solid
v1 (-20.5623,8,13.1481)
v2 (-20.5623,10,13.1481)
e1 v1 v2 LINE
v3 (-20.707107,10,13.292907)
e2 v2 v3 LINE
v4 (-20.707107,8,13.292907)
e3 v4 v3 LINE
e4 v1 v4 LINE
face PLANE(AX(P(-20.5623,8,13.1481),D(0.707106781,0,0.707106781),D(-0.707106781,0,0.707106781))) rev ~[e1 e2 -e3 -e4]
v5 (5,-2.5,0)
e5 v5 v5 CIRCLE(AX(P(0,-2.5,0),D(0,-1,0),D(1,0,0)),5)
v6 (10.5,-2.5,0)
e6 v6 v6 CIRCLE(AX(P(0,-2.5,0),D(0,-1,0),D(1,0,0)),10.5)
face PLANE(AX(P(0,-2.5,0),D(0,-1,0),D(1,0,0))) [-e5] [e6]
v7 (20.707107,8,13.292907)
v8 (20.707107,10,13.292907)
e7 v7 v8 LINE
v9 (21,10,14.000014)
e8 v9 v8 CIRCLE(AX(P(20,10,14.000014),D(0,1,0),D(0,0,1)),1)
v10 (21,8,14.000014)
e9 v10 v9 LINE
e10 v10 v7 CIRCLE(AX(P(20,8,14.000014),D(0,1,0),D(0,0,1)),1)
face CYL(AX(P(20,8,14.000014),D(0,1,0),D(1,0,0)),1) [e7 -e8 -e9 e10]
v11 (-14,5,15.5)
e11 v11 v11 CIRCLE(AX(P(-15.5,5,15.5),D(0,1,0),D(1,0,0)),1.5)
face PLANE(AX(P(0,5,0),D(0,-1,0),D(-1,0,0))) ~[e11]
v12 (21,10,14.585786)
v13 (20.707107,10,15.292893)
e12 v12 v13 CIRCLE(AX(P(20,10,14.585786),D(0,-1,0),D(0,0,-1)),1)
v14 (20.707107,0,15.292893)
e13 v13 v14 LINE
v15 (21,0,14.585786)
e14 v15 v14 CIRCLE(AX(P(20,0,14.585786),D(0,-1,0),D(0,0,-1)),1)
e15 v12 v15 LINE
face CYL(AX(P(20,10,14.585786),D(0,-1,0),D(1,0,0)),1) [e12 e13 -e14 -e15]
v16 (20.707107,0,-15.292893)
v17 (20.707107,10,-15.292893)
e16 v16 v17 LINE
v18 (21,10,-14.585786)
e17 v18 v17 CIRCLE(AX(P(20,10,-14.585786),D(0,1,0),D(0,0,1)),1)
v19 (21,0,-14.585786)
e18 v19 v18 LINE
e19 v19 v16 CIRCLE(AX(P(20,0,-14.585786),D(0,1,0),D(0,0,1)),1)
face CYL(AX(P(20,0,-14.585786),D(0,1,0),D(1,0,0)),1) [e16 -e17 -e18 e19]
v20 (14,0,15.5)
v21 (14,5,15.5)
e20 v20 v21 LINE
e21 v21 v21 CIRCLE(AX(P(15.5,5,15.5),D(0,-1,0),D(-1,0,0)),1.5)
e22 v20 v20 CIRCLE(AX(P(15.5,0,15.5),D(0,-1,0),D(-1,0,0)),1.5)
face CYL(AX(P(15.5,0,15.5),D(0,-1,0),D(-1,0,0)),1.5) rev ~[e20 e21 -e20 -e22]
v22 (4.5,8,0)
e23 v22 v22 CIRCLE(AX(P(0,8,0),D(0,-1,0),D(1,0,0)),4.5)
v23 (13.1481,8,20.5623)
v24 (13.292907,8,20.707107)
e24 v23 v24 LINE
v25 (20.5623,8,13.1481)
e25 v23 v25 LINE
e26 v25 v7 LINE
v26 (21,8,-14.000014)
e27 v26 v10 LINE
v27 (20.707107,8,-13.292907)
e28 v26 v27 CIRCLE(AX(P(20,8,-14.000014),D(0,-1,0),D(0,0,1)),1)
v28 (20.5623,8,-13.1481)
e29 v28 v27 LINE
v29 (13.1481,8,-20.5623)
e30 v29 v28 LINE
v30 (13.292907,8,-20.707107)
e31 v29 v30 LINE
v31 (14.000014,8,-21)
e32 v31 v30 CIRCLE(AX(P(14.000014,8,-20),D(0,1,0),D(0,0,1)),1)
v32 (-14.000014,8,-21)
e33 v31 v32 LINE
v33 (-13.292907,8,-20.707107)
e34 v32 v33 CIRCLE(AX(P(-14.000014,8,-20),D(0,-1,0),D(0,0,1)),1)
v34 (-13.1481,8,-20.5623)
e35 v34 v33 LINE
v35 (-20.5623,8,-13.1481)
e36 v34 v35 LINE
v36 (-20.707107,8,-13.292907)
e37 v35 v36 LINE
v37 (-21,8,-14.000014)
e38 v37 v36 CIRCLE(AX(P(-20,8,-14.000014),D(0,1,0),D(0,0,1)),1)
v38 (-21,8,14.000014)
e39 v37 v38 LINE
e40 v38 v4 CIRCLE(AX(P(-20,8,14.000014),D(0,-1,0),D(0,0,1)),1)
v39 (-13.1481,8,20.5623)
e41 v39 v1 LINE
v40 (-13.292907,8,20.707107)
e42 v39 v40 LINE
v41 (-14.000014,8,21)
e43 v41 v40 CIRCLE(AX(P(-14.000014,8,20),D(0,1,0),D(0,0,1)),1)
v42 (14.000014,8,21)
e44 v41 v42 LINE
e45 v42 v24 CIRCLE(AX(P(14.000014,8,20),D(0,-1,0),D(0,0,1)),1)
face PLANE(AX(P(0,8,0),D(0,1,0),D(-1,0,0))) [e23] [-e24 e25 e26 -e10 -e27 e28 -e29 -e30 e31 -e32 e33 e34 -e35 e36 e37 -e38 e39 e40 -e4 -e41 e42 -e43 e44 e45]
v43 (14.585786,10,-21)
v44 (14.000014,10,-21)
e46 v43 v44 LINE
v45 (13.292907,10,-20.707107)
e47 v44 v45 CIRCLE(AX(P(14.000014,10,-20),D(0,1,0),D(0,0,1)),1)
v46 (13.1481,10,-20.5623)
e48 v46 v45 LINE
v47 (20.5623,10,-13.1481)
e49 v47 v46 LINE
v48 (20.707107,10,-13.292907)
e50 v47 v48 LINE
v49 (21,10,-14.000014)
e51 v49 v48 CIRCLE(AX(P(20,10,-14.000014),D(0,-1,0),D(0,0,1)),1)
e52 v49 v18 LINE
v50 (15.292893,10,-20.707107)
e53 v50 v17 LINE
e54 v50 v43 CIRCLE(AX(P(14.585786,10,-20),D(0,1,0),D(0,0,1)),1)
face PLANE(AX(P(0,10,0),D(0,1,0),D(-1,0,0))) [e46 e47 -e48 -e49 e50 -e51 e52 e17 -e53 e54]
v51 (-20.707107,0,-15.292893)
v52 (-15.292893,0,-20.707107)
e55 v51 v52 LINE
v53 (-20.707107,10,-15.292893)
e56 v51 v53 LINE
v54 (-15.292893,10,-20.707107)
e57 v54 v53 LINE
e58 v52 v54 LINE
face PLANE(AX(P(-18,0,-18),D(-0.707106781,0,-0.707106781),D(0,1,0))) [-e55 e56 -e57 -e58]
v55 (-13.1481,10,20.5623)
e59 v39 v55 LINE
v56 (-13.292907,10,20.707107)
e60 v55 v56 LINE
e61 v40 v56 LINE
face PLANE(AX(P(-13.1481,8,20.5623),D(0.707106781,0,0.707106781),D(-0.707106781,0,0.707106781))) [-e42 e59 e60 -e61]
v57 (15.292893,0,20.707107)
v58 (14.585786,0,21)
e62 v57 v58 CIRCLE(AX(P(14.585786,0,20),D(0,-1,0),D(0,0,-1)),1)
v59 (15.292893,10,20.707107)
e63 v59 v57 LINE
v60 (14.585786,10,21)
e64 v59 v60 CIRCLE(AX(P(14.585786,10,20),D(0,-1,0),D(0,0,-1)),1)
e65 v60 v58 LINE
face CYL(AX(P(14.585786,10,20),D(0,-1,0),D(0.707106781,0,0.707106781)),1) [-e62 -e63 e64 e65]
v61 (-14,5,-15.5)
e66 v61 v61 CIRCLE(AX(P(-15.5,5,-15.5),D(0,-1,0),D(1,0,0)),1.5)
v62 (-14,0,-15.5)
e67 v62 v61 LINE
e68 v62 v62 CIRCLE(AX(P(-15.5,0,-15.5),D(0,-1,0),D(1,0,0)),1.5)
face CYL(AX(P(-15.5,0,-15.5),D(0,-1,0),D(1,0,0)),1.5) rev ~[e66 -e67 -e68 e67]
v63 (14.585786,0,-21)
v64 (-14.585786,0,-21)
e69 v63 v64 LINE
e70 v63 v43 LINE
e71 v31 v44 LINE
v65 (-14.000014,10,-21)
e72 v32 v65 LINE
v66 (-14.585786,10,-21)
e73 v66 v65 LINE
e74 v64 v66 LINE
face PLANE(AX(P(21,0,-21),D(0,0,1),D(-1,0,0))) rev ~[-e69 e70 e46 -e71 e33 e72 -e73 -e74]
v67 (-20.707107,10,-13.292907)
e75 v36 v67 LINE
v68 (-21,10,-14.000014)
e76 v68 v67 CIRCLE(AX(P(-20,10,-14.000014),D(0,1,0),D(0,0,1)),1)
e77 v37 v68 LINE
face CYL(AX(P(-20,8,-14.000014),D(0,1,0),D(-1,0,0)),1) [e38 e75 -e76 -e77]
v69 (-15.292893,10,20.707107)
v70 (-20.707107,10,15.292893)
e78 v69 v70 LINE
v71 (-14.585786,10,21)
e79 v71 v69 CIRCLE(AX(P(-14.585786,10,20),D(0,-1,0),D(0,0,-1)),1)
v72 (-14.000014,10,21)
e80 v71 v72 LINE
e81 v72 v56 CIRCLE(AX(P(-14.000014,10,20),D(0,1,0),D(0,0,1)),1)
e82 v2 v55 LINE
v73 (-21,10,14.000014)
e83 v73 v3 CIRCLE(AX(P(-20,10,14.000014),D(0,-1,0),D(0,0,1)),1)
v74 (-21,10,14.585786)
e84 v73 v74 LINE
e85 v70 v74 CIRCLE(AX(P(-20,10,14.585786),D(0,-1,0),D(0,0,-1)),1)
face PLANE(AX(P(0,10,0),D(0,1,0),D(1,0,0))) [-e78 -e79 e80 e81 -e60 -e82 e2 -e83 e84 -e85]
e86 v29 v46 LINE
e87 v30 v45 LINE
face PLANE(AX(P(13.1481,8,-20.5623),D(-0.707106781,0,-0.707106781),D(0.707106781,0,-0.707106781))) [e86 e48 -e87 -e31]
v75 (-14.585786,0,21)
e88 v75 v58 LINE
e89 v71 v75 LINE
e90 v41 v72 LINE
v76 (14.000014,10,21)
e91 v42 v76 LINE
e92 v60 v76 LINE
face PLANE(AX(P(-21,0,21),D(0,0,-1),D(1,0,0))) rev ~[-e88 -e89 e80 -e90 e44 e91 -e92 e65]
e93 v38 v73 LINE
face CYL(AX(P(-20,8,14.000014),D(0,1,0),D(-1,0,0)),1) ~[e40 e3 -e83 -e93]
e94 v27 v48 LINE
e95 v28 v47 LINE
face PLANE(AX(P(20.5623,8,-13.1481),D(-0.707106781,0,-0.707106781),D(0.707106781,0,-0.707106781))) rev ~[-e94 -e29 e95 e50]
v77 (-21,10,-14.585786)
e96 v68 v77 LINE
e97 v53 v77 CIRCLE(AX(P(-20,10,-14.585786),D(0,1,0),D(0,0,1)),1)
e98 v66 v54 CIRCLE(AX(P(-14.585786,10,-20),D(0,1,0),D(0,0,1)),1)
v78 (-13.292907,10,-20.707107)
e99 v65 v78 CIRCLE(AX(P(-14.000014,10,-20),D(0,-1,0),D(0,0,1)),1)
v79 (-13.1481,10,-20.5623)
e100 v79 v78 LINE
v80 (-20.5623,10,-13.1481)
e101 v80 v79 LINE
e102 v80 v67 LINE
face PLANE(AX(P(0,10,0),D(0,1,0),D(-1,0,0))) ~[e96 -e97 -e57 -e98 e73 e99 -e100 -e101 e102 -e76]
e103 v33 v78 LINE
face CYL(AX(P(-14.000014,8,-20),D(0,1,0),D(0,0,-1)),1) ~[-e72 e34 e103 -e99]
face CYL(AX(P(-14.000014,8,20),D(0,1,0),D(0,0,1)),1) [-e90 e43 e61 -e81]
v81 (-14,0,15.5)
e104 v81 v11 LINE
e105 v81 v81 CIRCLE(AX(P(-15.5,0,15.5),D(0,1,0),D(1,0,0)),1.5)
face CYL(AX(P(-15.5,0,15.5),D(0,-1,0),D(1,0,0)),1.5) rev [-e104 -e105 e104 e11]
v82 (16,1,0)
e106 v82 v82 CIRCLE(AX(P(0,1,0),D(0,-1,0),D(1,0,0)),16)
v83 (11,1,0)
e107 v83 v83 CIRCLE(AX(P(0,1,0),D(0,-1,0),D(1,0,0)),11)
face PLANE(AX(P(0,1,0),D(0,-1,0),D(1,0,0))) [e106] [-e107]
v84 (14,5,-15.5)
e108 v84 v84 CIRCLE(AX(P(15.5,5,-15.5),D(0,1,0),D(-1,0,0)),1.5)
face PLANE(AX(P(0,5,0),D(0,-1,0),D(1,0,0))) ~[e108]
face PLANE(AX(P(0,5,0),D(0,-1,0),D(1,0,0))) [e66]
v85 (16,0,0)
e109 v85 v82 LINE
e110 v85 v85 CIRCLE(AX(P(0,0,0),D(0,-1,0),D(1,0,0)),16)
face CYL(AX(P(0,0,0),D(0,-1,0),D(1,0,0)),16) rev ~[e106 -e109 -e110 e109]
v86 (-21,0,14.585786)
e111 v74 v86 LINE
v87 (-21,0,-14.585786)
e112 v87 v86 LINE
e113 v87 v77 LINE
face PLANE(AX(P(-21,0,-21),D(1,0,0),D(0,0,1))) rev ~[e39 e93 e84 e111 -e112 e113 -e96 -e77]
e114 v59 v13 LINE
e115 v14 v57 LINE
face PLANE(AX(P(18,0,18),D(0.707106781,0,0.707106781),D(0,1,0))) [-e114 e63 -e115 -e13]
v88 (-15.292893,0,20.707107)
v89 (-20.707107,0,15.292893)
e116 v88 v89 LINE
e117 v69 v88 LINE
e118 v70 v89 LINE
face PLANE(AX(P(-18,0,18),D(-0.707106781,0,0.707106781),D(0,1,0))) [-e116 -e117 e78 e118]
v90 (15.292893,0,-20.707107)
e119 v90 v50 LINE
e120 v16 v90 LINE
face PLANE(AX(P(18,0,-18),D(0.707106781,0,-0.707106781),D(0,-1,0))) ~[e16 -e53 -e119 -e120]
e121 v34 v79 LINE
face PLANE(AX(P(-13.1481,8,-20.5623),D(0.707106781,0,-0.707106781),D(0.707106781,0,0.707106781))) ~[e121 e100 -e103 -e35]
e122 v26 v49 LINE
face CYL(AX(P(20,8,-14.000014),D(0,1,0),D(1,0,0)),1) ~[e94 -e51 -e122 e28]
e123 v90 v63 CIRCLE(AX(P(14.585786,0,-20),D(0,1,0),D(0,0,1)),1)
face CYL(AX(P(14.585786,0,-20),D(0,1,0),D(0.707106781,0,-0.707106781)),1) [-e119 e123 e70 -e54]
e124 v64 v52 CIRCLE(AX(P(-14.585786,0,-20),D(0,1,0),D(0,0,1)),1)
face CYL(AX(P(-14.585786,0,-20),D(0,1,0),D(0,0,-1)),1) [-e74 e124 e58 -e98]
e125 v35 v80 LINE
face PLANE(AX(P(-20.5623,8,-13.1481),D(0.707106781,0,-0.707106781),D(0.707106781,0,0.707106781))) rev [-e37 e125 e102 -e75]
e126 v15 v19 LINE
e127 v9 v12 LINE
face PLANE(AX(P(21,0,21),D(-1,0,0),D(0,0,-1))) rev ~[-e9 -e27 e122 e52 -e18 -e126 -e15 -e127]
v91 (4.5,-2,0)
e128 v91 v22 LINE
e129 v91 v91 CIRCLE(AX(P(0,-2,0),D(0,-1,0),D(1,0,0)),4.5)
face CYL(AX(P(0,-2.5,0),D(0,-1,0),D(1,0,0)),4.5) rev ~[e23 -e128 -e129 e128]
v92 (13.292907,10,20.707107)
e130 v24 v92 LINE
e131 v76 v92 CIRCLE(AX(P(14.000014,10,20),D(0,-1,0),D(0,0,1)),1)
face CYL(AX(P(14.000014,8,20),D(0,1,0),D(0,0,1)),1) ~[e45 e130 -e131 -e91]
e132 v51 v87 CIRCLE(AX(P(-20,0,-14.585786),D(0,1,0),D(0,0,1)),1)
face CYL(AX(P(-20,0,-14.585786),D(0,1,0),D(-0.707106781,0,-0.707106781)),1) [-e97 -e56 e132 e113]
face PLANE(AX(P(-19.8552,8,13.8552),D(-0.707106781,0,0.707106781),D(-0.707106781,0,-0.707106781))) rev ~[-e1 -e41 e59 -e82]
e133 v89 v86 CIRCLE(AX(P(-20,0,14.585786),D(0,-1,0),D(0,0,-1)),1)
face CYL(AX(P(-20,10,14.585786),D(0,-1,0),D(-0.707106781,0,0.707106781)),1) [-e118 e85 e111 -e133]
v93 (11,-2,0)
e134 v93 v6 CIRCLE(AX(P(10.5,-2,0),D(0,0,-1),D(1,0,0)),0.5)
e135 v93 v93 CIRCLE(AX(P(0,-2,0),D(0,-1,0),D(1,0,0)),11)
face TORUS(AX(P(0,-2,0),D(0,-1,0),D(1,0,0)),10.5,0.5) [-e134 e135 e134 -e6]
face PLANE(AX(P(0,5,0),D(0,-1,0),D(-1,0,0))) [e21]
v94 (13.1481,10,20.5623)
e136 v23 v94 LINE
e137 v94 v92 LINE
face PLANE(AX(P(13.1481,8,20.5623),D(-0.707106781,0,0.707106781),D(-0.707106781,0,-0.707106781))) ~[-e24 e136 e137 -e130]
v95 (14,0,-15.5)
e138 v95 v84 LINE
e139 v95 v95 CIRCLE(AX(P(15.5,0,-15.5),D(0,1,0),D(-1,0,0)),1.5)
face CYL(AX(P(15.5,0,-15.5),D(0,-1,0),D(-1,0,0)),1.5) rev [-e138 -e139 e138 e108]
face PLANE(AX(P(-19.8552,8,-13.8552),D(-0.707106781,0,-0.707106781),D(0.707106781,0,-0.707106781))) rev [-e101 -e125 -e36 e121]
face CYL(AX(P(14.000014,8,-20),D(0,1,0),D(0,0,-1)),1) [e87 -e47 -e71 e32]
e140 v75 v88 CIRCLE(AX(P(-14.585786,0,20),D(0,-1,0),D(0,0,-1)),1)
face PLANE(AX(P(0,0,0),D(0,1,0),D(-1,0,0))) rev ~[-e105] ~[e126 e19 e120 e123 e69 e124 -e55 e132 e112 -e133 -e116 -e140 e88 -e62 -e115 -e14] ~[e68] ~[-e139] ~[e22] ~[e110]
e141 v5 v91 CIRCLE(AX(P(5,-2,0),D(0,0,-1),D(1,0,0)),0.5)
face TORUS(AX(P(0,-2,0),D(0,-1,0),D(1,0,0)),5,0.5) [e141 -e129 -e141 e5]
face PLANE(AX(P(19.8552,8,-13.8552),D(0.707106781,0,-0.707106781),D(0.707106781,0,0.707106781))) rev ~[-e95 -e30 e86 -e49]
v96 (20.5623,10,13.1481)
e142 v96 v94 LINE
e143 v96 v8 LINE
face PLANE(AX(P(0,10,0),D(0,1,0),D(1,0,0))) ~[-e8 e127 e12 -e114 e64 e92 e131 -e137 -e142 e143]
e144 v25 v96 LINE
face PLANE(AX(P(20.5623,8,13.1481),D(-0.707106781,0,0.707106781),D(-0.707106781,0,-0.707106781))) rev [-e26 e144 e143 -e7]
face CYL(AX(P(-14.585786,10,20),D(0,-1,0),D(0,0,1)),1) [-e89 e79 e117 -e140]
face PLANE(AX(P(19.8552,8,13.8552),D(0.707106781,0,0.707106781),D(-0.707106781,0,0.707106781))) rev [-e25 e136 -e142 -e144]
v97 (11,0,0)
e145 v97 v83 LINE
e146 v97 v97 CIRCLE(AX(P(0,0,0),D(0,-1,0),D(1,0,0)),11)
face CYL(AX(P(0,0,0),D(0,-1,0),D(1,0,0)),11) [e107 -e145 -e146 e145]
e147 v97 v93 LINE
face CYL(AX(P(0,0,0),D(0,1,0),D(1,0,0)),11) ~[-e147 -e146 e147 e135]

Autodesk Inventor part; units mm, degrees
ref_plane "YZ Plane" through (0, 0, 0) normal (1, 0, 0) x (0, 1, 0)
ref_plane "XZ Plane" through (0, 0, 0) normal (0, 1, 0) x (-1, 0, 0)
ref_plane "XY Plane" through (0, 0, 0) normal (0, 0, 1) x (1, 0, 0)
sketch "Sketch1" plane through (0, 0, 0) normal (0, 1, 0) x (-1, 0, 0)
  line L0 (-21, -21) -> (21, -21)
  line L1 (21, -21) -> (21, 21)
  line L2 (21, 21) -> (-21, 21)
  line L3 (-21, 21) -> (-21, -21)
  line L4 (-21, -21) -> (21, 21) construction
  line L5 (21, -21) -> (-21, 21) construction
  point P0 (0, 0)
  dimension "d0" = 42
  dimension "d1" = 42
extrude "Extrusion1" add sketch "Sketch1" along normal blind 8
sketch "Sketch2" plane through (0, 0, 0) normal (0, -1, 0) x (1, 0, 0)
  point P0 (0, 0)
chamfer "Chamfer1" distance 6 angle 45 4 edges at (-21, 4, 21) (21, 4, 21) (21, 4, -21) (-21, 4, -21)
sketch "Sketch3" plane through (0, 8, 0) normal (0, 1, 0) x (1, 0, 0)
  line L0 (-21, 15) -> (-15, 21) projected
  line L1 (-21, 15) -> (-21, -15) projected
  line L2 (-15, -21) -> (-21, -15) projected
  line L3 (-15, -21) -> (15, -21) projected
  line L4 (21, -15) -> (15, -21) projected
  line L5 (21, -15) -> (21, 15) projected
  line L6 (15, 21) -> (21, 15) projected
  line L7 (15, 21) -> (-15, 21) projected
  line L8 (-19.6609, -14.0495) -> (-13.6609, -20.0495)
  line L9 (-15, -21) -> (-21, -15) projected
  line L10 (-21, -15) -> (-19.8552, -13.8552)
  line L11 (-19.8552, -13.8552) -> (-19.6609, -14.0495)
  line L12 (-15, -21) -> (-13.8552, -19.8552)
  line L13 (-13.6609, -20.0495) -> (-13.1481, -20.5623)
  line L14 (-13.1481, -20.5623) -> (-13.5858, -21)
  line L15 (-19.8552, -13.8552) -> (-20.5623, -13.1481)
  line L16 (-20.5623, -13.1481) -> (-21, -13.5858)
  point P0 (0, 0)
  dimension "d11" = 1
  dimension "d12" = 1
extrude "Extrusion2" add sketch "Sketch3" along normal blind 2 contours L16 L15 L10 L1 | L10 L11 L8 L12 L2 | L12 L8 L13 L14 L3
mirror "Mirror1" about plane through (0, 0, 0) normal (0, 0, 1) of "Extrusion2"
mirror "Mirror2" about plane through (0, 0, 0) normal (1, 0, 0) of "Extrusion2", "Mirror1"
fillet "Fillet2" radius 1 8 edges at (15, 5, -21) (21, 5, -15) (21, 5, 15) (15, 5, 21) (-15, 5, 21) (-21, 5, 15) (-21, 5, -15) (-15, 5, -21)
fillet "Fillet3" radius 1 8 edges at (-21, 9, 13.5858) (-13.5858, 9, 21) (13.5858, 9, 21) (21, 9, 13.5858) (21, 9, -13.5858) (13.5858, 9, -21) (-13.5858, 9, -21) (-21, 9, -13.5858)
sketch "Sketch4" plane through (0, 0, 0) normal (0, -1, 0) x (1, 0, 0)
  circle A0 centre (0, 0) radius 16
  circle A1 centre (0, 0) radius 11
  dimension "d14" = 32
  dimension "d15" = 22
extrude "Extrusion3" cut sketch "Sketch4" against normal blind 1
sketch "Sketch5" plane through (0, 0, 0) normal (0, -1, 0) x (1, 0, 0)
  circle A0 centre (0, 0) radius 11 projected
extrude "Extrusion4" add sketch "Sketch5" along normal blind 2.5
sketch "Sketch6" plane through (0, -2.5, 0) normal (0, -1, 0) x (1, 0, 0)
  circle A0 centre (0, 0) radius 4.5
  dimension "d20" = 9
extrude "Extrusion5" cut sketch "Sketch6" against normal up to surface (10.5 mm away)
sketch "Sketch7" plane through (0, 0, 0) normal (0, -1, 0) x (1, 0, 0)
  point P0 (0, 0)
sketch "Sketch8" plane through (0, 0, 0) normal (0, -1, 0) x (1, 0, 0)
  circle A0 centre (-15.5, -15.5) radius 1.5
  line L0 (14.5858, -21) -> (-14.5858, -21) projected
  line L1 (-21, -14.5858) -> (-21, 14.5858) projected
  point P0 (0, 0)
  dimension "d23" = 3
  dimension "d24" = 5.5
  dimension "d25" = 5.5
extrude "Extrusion6" cut sketch "Sketch8" against normal blind 5
mirror "Mirror3" about plane through (0, 0, 0) normal (0, 0, 1) of "Extrusion6"
mirror "Mirror4" about plane through (0, 0, 0) normal (1, 0, 0) of "Extrusion6", "Mirror3"
fillet "Fillet4" radius 0.5 1 edges at (-11, -2.5, 0)
fillet "Fillet5" radius 0.5 1 edges at (-4.5, -2.5, 0)
equation "\"d12\" = d11"
equation "\"d25\" = d24"
